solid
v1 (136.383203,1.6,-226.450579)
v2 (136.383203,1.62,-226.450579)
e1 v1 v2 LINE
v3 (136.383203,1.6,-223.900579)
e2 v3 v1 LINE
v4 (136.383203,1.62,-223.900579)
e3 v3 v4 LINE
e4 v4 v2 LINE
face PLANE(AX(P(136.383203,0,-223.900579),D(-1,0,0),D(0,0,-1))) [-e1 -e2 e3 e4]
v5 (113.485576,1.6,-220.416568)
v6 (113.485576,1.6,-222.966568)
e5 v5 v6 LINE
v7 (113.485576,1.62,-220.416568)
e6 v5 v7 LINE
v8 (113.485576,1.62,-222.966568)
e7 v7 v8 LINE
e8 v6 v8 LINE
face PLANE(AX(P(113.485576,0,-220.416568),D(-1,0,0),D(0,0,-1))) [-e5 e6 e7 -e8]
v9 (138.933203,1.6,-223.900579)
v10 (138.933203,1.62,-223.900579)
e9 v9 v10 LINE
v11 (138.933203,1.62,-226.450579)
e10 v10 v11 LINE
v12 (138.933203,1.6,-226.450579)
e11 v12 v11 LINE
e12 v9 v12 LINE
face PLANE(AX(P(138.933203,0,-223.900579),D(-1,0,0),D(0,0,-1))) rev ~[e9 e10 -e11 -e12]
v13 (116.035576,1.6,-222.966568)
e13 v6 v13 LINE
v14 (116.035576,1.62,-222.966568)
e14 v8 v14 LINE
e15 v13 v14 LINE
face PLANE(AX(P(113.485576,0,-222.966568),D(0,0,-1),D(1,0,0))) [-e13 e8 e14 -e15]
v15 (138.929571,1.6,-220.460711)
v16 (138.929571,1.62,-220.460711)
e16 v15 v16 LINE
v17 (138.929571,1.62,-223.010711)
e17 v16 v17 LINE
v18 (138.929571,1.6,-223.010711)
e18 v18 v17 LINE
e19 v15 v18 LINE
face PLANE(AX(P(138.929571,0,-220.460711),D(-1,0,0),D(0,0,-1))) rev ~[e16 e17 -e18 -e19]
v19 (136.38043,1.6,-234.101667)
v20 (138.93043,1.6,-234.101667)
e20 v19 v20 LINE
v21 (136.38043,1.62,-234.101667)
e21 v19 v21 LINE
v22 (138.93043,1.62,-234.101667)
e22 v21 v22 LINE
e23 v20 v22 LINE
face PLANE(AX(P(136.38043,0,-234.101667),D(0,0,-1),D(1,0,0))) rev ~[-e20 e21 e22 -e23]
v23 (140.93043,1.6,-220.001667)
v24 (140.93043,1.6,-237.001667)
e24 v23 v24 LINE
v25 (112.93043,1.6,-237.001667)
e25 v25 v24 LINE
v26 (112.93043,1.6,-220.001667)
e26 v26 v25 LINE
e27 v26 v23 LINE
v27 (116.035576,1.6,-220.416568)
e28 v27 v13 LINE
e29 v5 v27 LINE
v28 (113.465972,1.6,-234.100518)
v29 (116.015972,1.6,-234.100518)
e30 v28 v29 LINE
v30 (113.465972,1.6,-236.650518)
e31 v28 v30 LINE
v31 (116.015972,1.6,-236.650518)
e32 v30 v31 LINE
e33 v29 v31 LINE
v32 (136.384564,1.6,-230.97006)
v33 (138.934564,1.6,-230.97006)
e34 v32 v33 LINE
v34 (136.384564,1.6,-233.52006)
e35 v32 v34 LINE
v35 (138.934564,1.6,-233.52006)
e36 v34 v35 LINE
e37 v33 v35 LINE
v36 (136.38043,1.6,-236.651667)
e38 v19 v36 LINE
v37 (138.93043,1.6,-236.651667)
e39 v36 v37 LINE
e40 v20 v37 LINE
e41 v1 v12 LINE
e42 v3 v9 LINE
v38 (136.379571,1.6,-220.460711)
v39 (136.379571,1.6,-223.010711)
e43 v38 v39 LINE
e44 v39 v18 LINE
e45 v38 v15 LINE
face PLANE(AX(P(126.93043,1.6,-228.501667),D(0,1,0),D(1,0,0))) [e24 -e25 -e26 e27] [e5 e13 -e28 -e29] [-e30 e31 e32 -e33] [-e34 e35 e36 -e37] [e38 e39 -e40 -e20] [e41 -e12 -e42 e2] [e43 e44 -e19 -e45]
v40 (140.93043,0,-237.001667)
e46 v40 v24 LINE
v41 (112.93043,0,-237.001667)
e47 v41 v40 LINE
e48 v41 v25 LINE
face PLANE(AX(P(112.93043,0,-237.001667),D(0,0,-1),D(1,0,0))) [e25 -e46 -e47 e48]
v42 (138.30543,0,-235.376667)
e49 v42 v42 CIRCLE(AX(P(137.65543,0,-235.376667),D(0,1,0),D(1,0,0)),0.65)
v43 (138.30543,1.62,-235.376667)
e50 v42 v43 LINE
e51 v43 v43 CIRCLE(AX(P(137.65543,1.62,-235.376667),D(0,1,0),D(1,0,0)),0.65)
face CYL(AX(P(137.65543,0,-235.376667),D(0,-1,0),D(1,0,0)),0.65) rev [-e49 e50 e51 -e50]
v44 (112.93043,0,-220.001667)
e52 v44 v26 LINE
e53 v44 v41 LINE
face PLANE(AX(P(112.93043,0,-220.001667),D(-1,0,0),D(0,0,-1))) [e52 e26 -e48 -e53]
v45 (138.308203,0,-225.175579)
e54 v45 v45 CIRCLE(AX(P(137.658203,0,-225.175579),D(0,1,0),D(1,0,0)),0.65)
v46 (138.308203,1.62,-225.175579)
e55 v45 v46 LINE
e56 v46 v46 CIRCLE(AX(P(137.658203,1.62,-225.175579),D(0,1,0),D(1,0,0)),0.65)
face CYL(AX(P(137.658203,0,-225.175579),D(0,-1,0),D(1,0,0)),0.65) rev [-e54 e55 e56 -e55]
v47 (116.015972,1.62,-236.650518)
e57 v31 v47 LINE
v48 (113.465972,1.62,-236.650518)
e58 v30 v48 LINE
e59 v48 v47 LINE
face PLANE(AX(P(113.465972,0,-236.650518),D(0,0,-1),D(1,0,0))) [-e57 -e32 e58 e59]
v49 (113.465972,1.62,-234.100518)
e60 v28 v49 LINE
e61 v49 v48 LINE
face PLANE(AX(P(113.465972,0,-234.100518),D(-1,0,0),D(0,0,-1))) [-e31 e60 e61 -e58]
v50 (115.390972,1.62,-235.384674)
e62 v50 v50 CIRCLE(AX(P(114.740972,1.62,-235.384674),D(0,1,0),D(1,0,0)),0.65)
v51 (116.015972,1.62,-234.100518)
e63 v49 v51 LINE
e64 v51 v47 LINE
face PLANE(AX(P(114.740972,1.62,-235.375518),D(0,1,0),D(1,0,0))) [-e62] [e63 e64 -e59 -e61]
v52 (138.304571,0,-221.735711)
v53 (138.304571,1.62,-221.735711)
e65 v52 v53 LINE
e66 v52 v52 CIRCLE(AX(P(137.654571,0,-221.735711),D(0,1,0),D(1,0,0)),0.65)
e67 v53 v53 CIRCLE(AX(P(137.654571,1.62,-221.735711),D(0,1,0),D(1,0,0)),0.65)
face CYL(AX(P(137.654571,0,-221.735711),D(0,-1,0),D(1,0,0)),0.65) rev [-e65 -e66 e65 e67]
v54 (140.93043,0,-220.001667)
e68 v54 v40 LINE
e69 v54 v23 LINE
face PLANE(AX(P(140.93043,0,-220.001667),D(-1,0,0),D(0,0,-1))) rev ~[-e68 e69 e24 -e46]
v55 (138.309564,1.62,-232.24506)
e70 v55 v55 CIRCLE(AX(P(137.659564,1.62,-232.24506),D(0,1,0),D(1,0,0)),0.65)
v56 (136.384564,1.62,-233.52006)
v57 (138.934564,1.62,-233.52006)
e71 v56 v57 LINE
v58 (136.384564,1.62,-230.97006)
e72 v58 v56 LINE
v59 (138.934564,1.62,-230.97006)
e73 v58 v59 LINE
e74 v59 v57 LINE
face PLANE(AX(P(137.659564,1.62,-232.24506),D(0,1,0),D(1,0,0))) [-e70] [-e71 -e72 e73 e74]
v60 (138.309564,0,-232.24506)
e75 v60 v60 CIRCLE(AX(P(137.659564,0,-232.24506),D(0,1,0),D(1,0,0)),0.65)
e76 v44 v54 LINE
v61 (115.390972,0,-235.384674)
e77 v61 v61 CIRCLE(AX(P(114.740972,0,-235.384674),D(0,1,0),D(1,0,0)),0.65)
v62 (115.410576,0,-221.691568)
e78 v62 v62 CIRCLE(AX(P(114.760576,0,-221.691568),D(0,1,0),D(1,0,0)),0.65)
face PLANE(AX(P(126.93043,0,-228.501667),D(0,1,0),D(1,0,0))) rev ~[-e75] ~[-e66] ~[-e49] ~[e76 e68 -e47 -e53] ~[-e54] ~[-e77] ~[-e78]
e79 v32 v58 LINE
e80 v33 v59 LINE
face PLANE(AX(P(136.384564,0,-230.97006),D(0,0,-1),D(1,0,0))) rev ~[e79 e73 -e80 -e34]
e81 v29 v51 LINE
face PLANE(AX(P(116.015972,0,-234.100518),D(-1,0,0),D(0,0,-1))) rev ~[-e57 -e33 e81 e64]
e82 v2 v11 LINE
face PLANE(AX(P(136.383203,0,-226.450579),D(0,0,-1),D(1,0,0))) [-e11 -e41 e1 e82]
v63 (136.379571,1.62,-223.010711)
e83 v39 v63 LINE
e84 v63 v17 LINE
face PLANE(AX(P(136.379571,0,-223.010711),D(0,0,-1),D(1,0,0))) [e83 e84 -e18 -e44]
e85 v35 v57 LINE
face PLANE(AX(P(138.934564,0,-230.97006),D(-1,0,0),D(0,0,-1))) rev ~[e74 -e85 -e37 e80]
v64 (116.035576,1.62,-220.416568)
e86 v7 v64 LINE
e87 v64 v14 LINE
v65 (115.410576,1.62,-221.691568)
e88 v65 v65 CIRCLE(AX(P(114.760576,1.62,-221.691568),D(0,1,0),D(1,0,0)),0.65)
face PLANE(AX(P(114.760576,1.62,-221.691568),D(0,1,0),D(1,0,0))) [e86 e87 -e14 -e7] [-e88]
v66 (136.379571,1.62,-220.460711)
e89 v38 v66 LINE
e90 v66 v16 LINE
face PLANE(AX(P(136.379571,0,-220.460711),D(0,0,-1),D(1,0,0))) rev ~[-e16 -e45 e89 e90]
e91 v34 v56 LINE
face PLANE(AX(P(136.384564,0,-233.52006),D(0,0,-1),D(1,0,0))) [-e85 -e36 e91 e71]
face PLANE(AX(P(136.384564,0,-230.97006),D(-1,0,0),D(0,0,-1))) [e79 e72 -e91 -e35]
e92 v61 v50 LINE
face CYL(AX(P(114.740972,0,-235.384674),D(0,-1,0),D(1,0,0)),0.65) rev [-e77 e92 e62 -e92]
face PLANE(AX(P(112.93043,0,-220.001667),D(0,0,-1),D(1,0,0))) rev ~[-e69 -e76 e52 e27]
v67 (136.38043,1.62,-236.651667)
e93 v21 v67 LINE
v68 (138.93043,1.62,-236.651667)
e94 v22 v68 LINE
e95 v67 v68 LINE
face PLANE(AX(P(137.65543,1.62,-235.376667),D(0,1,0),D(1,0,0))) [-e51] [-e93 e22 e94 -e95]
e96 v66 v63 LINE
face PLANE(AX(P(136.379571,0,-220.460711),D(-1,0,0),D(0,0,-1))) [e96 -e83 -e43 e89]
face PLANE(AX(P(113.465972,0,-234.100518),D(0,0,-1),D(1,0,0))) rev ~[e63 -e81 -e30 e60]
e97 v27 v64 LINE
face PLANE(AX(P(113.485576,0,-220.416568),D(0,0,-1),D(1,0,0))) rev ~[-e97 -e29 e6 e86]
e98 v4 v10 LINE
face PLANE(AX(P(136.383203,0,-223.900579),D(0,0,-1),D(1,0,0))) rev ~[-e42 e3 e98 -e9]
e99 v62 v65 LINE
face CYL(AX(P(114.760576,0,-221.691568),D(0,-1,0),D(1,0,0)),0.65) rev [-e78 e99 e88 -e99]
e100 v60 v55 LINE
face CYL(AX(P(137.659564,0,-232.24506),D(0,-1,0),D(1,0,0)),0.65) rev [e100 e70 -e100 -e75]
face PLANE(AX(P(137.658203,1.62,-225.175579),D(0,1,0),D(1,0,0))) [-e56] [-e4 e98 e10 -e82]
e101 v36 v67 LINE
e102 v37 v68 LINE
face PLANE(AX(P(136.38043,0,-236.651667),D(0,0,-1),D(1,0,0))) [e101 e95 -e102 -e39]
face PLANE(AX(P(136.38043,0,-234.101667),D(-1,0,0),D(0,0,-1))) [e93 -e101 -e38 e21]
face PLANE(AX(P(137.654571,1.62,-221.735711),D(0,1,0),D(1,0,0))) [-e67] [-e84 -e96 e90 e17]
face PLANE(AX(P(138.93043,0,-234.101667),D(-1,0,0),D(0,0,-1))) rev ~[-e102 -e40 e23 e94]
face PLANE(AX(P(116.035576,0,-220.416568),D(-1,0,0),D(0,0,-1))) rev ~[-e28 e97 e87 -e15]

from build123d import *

# Parameters (mm, degrees)
SKETCH1_W           = 28
SKETCH1_H           = 17
SKETCH1_W_2         = 2.55
SKETCH1_H_2         = 2.55
BOSS_EXTRUDE2_DEPTH = 1.6
SKETCH1_4_W         = 2.55
SKETCH1_4_H         = 2.55
SKETCH1_4_R         = 0.65
BOSS_EXTRUDE3_DEPTH = 1.62


with BuildPart() as part:
    # Sketch1 → Boss-Extrude2 (new body)
    with BuildSketch(Plane(origin=(0, 0, 0), x_dir=(1, 0, 0), z_dir=(0, 1, 0))):
        with Locations((126.930429576, 228.501666699)):
            Rectangle(SKETCH1_W, SKETCH1_H)
        with Locations((114.760575643, 221.691567702)):
            Rectangle(SKETCH1_W_2, SKETCH1_H_2, mode=Mode.SUBTRACT)
        with Locations((137.654571072, 221.735710918)):
            Rectangle(SKETCH1_W_2, SKETCH1_H_2, mode=Mode.SUBTRACT)
        with Locations((137.658202973, 225.175578697)):
            Rectangle(SKETCH1_W_2, SKETCH1_H_2, mode=Mode.SUBTRACT)
        with Locations((114.740971772, 235.375518488)):
            Rectangle(SKETCH1_W_2, SKETCH1_H_2, mode=Mode.SUBTRACT)
        with Locations((137.659563776, 232.245059936)):
            Rectangle(SKETCH1_W_2, SKETCH1_H_2, mode=Mode.SUBTRACT)
        with Locations((137.655429576, 235.376666699)):
            Rectangle(SKETCH1_W_2, SKETCH1_H_2, mode=Mode.SUBTRACT)
    extrude(amount=BOSS_EXTRUDE2_DEPTH)

    # Sketch1<4> → Boss-Extrude3 (add)
    # profile 1 of 6: a face of its own
    with BuildSketch(Plane(origin=(0, 0, 0), x_dir=(1, 0, 0), z_dir=(0, 1, 0))):
        with Locations((137.655429576, 235.376666699)):
            Rectangle(SKETCH1_4_W, SKETCH1_4_H)
        with Locations((137.655429576, 235.376666699)):
            Circle(SKETCH1_4_R, mode=Mode.SUBTRACT)
    # profile 2 of 6: a face of its own
    with BuildSketch(Plane(origin=(0, 0, 0), x_dir=(1, 0, 0), z_dir=(0, 1, 0))):
        with Locations((114.740971772, 235.375518488)):
            Rectangle(SKETCH1_4_W, SKETCH1_4_H)
        with Locations((114.740971772, 235.384673509)):
            Circle(SKETCH1_4_R, mode=Mode.SUBTRACT)
    # profile 3 of 6: a face of its own
    with BuildSketch(Plane(origin=(0, 0, 0), x_dir=(1, 0, 0), z_dir=(0, 1, 0))):
        with Locations((137.659563776, 232.245059936)):
            Rectangle(SKETCH1_4_W, SKETCH1_4_H)
        with Locations((137.659563776, 232.245059936)):
            Circle(SKETCH1_4_R, mode=Mode.SUBTRACT)
    # profile 4 of 6: a face of its own
    with BuildSketch(Plane(origin=(0, 0, 0), x_dir=(1, 0, 0), z_dir=(0, 1, 0))):
        with Locations((137.658202973, 225.175578697)):
            Rectangle(SKETCH1_4_W, SKETCH1_4_H)
        with Locations((137.658202973, 225.175578697)):
            Circle(SKETCH1_4_R, mode=Mode.SUBTRACT)
    # profile 5 of 6: a face of its own
    with BuildSketch(Plane(origin=(0, 0, 0), x_dir=(1, 0, 0), z_dir=(0, 1, 0))):
        with Locations((137.654571072, 221.735710918)):
            Rectangle(SKETCH1_4_W, SKETCH1_4_H)
        with Locations((137.654571072, 221.735710918)):
            Circle(SKETCH1_4_R, mode=Mode.SUBTRACT)
    # profile 6 of 6: a face of its own
    with BuildSketch(Plane(origin=(0, 0, 0), x_dir=(1, 0, 0), z_dir=(0, 1, 0))):
        with Locations((114.760575643, 221.691567702)):
            Rectangle(SKETCH1_4_W, SKETCH1_4_H)
        with Locations((114.760575643, 221.691567702)):
            Circle(SKETCH1_4_R, mode=Mode.SUBTRACT)
    extrude(amount=BOSS_EXTRUDE3_DEPTH)


solid = part.part
